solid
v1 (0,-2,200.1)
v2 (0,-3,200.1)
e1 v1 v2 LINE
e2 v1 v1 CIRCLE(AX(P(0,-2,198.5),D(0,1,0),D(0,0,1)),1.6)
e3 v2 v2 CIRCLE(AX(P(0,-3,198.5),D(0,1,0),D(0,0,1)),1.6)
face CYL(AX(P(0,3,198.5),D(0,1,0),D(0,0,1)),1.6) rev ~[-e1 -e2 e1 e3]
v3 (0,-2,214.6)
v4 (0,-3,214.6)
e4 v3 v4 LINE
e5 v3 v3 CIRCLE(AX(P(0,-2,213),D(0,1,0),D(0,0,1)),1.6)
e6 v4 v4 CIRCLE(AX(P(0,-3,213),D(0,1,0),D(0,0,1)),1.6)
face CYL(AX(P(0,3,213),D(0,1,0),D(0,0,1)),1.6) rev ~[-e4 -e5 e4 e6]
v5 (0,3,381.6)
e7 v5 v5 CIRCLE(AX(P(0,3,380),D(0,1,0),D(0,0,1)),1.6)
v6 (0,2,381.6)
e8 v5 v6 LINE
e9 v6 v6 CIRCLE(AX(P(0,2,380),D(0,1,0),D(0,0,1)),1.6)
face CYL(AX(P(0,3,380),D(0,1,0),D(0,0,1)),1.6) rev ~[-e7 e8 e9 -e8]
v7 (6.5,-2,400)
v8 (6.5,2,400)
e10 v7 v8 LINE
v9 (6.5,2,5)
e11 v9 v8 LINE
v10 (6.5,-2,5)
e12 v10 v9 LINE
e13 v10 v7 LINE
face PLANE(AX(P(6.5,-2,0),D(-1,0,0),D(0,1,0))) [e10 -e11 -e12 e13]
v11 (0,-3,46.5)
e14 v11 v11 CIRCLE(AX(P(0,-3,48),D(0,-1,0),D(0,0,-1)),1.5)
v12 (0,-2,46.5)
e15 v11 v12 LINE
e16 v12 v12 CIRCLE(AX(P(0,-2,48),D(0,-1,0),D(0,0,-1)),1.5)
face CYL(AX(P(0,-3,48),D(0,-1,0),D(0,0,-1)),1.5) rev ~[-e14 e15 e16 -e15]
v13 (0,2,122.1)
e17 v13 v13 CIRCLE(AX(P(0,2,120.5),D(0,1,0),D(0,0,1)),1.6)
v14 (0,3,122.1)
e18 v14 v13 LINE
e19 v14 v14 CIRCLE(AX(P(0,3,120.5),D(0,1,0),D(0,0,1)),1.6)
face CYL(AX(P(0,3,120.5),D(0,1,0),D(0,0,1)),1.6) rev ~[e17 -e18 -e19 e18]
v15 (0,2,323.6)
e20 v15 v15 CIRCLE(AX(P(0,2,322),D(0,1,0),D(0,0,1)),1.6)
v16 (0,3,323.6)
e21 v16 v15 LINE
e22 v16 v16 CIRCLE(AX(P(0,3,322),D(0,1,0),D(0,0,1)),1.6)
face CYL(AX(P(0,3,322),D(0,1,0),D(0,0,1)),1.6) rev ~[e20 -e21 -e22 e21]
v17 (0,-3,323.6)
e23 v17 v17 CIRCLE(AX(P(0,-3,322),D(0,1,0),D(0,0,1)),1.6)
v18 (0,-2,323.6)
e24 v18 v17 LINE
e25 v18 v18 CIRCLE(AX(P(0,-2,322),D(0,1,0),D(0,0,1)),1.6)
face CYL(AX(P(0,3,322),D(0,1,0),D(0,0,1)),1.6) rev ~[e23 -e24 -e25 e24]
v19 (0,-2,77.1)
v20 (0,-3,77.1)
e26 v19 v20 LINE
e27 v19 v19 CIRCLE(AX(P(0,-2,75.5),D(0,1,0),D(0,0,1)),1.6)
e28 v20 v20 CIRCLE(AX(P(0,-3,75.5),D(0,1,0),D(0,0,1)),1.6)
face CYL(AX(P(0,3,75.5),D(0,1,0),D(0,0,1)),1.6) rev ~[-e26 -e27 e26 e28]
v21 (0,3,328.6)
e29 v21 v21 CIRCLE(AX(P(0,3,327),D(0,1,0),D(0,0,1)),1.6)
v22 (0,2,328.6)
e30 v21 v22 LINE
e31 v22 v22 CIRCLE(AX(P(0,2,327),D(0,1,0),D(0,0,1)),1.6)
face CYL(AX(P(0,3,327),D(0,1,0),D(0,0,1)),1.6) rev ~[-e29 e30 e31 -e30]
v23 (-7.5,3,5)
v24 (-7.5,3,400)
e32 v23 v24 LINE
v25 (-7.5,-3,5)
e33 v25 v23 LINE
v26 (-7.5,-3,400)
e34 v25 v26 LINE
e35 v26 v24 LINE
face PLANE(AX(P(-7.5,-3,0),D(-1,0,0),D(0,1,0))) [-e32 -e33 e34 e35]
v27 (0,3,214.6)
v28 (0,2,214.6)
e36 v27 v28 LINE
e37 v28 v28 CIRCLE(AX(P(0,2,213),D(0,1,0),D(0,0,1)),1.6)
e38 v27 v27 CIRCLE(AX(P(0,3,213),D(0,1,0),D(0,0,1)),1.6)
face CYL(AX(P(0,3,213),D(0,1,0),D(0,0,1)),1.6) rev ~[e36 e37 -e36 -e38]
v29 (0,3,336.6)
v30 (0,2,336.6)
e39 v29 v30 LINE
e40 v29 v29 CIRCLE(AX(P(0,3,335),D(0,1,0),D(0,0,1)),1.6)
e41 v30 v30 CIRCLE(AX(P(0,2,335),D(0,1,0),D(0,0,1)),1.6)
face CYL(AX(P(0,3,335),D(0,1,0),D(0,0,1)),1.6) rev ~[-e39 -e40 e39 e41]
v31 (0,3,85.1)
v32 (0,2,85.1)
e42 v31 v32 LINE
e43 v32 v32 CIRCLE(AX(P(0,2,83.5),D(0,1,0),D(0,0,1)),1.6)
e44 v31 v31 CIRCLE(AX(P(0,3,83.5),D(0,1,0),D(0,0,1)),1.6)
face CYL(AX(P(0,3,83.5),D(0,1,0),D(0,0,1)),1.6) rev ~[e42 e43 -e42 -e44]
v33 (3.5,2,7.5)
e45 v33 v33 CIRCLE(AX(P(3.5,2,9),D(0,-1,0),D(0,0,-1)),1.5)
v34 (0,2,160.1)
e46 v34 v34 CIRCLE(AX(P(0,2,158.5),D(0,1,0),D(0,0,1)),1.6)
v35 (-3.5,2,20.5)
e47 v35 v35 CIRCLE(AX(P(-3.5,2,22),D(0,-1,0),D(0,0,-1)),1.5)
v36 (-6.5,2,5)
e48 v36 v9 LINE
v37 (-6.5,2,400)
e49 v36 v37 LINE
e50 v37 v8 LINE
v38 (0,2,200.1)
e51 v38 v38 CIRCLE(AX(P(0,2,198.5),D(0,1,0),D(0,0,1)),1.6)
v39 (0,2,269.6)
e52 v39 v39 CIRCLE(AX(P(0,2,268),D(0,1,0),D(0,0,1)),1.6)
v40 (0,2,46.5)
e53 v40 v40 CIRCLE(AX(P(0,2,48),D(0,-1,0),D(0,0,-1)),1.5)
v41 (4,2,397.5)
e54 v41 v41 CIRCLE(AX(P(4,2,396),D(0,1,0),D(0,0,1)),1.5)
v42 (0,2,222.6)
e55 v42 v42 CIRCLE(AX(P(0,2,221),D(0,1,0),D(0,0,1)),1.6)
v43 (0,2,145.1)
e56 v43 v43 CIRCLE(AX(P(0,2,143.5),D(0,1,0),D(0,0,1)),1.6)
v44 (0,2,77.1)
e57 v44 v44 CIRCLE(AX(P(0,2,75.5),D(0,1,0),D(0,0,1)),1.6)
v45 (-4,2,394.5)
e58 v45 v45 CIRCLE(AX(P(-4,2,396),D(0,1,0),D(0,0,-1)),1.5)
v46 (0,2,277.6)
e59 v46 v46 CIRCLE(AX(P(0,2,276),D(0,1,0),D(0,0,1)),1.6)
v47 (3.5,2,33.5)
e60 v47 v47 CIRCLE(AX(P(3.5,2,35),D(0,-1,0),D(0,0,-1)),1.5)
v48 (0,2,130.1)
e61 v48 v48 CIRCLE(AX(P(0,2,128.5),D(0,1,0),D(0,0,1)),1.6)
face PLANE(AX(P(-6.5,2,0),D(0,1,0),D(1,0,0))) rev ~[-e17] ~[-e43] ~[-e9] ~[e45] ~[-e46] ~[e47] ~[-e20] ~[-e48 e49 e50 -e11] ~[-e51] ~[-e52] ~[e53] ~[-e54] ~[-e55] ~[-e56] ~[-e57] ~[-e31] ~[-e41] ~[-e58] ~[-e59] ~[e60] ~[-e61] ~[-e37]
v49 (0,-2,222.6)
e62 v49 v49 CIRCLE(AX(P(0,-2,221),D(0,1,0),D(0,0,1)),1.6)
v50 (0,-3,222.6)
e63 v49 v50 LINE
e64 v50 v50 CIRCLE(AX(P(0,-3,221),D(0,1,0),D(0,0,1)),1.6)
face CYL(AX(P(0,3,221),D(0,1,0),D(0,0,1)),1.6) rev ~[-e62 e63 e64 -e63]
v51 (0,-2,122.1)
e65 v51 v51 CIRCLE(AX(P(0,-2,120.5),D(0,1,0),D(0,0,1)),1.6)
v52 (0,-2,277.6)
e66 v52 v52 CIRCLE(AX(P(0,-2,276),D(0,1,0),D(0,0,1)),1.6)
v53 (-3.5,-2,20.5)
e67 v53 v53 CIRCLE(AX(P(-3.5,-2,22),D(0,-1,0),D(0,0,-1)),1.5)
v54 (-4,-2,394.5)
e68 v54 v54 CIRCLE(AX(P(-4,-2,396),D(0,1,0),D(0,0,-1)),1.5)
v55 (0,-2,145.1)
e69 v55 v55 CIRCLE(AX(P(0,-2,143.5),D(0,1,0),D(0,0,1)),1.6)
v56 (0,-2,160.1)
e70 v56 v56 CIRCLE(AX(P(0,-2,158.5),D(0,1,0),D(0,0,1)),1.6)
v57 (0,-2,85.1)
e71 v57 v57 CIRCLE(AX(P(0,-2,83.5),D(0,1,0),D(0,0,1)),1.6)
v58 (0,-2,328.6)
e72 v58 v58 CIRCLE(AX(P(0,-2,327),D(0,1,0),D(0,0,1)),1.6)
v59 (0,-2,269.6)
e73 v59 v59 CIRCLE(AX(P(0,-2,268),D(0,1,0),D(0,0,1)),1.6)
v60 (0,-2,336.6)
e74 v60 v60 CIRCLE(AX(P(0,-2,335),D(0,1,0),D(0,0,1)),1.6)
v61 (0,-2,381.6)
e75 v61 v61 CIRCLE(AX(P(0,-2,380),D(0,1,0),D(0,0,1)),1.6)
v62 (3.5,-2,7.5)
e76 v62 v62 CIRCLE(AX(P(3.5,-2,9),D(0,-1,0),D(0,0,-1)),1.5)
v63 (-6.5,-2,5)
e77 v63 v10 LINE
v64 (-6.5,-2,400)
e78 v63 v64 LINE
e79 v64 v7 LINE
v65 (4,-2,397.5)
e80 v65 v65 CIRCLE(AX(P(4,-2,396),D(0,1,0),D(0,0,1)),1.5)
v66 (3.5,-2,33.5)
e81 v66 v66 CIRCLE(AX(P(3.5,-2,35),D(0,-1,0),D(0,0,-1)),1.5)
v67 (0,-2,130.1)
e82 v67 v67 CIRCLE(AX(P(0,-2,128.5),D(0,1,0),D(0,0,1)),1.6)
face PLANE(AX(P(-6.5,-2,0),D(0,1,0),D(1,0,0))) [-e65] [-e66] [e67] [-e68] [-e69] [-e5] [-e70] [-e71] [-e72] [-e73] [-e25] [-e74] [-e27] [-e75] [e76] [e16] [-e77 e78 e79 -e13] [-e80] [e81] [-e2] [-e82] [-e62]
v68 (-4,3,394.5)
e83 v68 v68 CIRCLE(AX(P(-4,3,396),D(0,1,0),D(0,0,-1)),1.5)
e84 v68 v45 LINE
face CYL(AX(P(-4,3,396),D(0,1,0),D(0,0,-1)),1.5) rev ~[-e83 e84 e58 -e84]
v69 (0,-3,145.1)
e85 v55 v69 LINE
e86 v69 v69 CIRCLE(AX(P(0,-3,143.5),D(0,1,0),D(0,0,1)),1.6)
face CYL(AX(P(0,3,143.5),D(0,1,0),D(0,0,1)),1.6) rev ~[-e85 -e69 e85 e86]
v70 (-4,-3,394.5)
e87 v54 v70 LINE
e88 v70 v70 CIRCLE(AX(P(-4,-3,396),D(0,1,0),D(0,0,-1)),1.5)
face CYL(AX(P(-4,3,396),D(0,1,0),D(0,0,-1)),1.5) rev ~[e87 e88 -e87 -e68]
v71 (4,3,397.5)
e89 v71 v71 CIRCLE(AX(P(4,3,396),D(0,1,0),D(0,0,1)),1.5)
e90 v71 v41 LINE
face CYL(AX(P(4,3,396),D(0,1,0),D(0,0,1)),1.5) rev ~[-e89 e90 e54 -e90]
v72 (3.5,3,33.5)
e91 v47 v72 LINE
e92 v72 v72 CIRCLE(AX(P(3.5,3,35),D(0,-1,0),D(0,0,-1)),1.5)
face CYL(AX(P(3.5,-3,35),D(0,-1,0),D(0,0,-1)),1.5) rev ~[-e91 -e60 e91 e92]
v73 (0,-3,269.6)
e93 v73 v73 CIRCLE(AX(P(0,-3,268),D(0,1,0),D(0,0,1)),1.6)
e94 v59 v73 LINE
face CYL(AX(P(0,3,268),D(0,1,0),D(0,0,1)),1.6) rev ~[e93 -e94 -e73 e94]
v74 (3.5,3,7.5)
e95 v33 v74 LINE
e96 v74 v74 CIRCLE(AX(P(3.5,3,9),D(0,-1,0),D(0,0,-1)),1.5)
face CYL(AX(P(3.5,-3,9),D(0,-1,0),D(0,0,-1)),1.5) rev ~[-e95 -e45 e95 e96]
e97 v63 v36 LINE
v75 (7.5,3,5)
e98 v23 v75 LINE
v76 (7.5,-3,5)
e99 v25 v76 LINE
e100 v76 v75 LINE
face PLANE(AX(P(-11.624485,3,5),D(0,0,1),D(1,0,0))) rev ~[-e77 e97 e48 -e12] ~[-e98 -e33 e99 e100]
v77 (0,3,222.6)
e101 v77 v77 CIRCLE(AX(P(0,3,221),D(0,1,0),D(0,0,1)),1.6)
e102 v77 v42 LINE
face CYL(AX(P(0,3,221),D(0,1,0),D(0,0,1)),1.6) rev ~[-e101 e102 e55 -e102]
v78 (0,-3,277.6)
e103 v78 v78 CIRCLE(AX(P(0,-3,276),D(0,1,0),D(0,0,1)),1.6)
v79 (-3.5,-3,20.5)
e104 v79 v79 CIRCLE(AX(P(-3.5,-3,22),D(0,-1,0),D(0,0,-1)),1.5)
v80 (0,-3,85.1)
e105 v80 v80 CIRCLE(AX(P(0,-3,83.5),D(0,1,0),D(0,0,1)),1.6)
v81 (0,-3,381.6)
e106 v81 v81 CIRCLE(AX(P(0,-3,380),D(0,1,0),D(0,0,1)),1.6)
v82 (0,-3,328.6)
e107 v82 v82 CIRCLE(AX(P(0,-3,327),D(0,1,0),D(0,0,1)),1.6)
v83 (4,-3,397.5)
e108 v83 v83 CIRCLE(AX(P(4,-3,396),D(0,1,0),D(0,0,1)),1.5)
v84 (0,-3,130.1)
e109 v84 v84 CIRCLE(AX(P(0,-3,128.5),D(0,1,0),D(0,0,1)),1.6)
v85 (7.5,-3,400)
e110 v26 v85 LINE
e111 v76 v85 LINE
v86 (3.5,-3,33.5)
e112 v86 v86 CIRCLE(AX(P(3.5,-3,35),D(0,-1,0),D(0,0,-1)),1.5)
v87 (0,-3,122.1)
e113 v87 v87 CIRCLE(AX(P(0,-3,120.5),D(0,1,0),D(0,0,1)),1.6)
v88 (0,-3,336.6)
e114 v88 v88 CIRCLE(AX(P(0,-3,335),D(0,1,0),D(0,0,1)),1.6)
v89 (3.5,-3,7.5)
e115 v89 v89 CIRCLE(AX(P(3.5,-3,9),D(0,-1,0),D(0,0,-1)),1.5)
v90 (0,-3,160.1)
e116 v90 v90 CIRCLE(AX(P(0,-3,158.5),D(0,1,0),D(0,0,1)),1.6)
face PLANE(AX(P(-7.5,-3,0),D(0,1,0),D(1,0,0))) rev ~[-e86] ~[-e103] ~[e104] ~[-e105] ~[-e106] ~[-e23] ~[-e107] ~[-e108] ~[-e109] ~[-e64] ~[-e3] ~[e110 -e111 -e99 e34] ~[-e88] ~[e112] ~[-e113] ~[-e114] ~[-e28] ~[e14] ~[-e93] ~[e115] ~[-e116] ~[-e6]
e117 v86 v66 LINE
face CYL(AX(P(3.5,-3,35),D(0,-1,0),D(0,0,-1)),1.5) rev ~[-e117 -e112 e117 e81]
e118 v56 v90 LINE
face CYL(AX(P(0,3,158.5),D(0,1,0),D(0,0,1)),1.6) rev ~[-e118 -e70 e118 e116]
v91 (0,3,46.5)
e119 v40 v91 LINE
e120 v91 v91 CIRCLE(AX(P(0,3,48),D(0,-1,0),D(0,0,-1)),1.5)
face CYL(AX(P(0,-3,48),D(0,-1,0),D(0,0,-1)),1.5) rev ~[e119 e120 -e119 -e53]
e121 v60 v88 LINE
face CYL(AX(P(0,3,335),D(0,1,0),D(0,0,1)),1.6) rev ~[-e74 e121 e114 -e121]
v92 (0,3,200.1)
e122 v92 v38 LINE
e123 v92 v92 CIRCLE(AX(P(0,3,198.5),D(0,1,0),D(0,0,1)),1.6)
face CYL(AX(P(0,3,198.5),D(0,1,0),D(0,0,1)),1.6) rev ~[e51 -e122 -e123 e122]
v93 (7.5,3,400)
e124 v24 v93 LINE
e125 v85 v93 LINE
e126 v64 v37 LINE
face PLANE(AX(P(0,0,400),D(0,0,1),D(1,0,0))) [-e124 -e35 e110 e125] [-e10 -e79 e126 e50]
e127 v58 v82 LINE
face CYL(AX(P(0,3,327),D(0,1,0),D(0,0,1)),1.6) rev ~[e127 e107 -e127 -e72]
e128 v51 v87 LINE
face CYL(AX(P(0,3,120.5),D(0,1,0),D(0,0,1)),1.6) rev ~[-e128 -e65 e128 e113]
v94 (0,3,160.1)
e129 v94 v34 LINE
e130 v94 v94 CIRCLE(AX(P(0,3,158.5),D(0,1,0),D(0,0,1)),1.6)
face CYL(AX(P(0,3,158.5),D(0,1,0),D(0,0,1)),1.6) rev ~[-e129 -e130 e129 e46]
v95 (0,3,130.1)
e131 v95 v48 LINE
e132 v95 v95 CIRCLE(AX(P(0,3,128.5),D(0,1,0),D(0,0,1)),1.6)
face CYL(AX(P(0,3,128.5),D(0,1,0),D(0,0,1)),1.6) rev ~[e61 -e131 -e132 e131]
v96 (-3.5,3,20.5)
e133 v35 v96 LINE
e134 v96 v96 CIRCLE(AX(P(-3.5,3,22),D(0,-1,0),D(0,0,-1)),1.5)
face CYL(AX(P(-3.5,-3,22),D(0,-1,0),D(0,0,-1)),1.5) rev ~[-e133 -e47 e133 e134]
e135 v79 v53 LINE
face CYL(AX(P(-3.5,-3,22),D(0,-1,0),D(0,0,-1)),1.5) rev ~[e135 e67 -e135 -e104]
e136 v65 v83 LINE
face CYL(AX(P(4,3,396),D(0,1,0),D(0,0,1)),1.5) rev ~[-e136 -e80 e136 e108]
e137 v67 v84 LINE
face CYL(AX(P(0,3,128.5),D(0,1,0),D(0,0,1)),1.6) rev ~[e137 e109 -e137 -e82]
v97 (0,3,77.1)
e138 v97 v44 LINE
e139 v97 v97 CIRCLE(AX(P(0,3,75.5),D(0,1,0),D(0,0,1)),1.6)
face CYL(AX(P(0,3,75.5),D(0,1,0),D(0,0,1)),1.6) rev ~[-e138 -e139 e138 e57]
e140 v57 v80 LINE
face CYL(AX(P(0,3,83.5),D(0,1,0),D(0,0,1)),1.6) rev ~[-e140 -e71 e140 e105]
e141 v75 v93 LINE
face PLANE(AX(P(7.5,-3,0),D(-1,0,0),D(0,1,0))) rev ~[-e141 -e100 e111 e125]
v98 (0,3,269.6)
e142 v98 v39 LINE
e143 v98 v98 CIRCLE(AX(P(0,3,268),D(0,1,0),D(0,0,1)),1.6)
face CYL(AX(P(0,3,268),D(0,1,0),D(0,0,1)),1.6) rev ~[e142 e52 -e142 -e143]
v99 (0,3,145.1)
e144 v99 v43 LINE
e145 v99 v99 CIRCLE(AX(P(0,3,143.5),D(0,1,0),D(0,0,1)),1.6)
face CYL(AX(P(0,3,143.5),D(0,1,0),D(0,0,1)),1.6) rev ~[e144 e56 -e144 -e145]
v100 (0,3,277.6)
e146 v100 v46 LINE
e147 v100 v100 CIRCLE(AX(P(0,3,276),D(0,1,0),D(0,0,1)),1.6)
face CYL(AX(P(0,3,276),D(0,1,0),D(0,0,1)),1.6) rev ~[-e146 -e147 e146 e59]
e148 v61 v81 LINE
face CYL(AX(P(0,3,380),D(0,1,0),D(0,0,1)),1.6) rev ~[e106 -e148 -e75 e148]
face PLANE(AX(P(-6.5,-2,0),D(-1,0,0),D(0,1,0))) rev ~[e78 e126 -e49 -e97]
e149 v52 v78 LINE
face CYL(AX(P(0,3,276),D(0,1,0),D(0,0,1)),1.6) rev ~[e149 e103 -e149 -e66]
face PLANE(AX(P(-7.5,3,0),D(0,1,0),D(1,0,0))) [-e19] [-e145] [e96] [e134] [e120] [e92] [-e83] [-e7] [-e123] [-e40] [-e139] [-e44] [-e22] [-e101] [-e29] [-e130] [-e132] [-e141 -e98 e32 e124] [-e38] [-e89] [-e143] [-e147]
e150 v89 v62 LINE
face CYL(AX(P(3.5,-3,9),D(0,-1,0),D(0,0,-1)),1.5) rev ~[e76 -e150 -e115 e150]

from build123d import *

# Parameters (mm, degrees)
SKETCH_1_W          = 15
SKETCH_1_H          = 6
SKETCH_1_W_2        = 13
SKETCH_1_H_2        = 4
EXTRUDE_1_DEPTH     = 400
SKETCH_2_R          = 1.5
CUT_EXTRUDE_1_DEPTH = 10
SKETCH_3_R          = 1.6
SKETCH_3_R_2        = 1.5
CUT_EXTRUDE_2_DEPTH = 401.115295884
SKETCH_4_W          = 23.248970848
SKETCH_4_H          = 9.936482471
CUT_EXTRUDE_3_DEPTH = 10


with BuildPart() as part:
    # 草图1 → 凸台-拉伸1 (new body)
    with BuildSketch(Plane.XY):
        Rectangle(SKETCH_1_W, SKETCH_1_H)
        Rectangle(SKETCH_1_W_2, SKETCH_1_H_2, mode=Mode.SUBTRACT)
    extrude(amount=EXTRUDE_1_DEPTH)

    # 草图2 → 切除-拉伸1 (cut)
    with BuildSketch(Plane.XZ.offset(3)):
        with Locations(Location((3.5, 35, 0), (0, 0, 270))):
            Circle(SKETCH_2_R)
        with Locations(Location((3.5, 9, 0), (0, 0, 270))):
            Circle(SKETCH_2_R)
        with Locations(Location((-3.5, 22, 0), (0, 0, 270))):
            Circle(SKETCH_2_R)
        with Locations(Location((0, 48, 0), (0, 0, 270))):
            Circle(SKETCH_2_R)
    extrude(amount=-CUT_EXTRUDE_1_DEPTH, mode=Mode.SUBTRACT)

    # 草图3 → 切除-拉伸2 (cut, through all)
    with BuildSketch(Plane(origin=(0, 3, 0), x_dir=(1, 0, 0), z_dir=(0, 1, 0))):
        with Locations(Location((0, -335, 0), (0, 0, 270))):
            Circle(SKETCH_3_R)
        with Locations(Location((0, -327, 0), (0, 0, 270))):
            Circle(SKETCH_3_R)
        with Locations(Location((0, -198.5, 0), (0, 0, 270))):
            Circle(SKETCH_3_R)
        with Locations(Location((0, -276, 0), (0, 0, 270))):
            Circle(SKETCH_3_R)
        with Locations(Location((0, -268, 0), (0, 0, 270))):
            Circle(SKETCH_3_R)
        with Locations(Location((4, -396, 0), (0, 0, 270))):
            Circle(SKETCH_3_R_2)
        with Locations(Location((-4, -396, 0), (0, 0, 90))):
            Circle(SKETCH_3_R_2)
        with Locations(Location((0, -221, 0), (0, 0, 270))):
            Circle(SKETCH_3_R)
        with Locations(Location((0, -213, 0), (0, 0, 270))):
            Circle(SKETCH_3_R)
        with Locations(Location((0, -158.5, 0), (0, 0, 270))):
            Circle(SKETCH_3_R)
        with Locations(Location((0, -143.5, 0), (0, 0, 270))):
            Circle(SKETCH_3_R)
        with Locations(Location((0, -120.5, 0), (0, 0, 270))):
            Circle(SKETCH_3_R)
        with Locations(Location((0, -128.5, 0), (0, 0, 270))):
            Circle(SKETCH_3_R)
        with Locations(Location((0, -75.5, 0), (0, 0, 270))):
            Circle(SKETCH_3_R)
        with Locations(Location((0, -83.5, 0), (0, 0, 270))):
            Circle(SKETCH_3_R)
        with Locations(Location((0, -380, 0), (0, 0, 270))):
            Circle(SKETCH_3_R)
        with Locations(Location((0, -322, 0), (0, 0, 270))):
            Circle(SKETCH_3_R)
    extrude(amount=-CUT_EXTRUDE_2_DEPTH, mode=Mode.SUBTRACT)

    # 草图4 → 切除-拉伸3 (cut)
    with BuildSketch(Plane(origin=(0, 3, 0), x_dir=(1, 0, 0), z_dir=(0, 1, 0))):
        with Locations((0, -0.031758764)):
            Rectangle(SKETCH_4_W, SKETCH_4_H)
    extrude(amount=-CUT_EXTRUDE_3_DEPTH, mode=Mode.SUBTRACT)


solid = part.part
